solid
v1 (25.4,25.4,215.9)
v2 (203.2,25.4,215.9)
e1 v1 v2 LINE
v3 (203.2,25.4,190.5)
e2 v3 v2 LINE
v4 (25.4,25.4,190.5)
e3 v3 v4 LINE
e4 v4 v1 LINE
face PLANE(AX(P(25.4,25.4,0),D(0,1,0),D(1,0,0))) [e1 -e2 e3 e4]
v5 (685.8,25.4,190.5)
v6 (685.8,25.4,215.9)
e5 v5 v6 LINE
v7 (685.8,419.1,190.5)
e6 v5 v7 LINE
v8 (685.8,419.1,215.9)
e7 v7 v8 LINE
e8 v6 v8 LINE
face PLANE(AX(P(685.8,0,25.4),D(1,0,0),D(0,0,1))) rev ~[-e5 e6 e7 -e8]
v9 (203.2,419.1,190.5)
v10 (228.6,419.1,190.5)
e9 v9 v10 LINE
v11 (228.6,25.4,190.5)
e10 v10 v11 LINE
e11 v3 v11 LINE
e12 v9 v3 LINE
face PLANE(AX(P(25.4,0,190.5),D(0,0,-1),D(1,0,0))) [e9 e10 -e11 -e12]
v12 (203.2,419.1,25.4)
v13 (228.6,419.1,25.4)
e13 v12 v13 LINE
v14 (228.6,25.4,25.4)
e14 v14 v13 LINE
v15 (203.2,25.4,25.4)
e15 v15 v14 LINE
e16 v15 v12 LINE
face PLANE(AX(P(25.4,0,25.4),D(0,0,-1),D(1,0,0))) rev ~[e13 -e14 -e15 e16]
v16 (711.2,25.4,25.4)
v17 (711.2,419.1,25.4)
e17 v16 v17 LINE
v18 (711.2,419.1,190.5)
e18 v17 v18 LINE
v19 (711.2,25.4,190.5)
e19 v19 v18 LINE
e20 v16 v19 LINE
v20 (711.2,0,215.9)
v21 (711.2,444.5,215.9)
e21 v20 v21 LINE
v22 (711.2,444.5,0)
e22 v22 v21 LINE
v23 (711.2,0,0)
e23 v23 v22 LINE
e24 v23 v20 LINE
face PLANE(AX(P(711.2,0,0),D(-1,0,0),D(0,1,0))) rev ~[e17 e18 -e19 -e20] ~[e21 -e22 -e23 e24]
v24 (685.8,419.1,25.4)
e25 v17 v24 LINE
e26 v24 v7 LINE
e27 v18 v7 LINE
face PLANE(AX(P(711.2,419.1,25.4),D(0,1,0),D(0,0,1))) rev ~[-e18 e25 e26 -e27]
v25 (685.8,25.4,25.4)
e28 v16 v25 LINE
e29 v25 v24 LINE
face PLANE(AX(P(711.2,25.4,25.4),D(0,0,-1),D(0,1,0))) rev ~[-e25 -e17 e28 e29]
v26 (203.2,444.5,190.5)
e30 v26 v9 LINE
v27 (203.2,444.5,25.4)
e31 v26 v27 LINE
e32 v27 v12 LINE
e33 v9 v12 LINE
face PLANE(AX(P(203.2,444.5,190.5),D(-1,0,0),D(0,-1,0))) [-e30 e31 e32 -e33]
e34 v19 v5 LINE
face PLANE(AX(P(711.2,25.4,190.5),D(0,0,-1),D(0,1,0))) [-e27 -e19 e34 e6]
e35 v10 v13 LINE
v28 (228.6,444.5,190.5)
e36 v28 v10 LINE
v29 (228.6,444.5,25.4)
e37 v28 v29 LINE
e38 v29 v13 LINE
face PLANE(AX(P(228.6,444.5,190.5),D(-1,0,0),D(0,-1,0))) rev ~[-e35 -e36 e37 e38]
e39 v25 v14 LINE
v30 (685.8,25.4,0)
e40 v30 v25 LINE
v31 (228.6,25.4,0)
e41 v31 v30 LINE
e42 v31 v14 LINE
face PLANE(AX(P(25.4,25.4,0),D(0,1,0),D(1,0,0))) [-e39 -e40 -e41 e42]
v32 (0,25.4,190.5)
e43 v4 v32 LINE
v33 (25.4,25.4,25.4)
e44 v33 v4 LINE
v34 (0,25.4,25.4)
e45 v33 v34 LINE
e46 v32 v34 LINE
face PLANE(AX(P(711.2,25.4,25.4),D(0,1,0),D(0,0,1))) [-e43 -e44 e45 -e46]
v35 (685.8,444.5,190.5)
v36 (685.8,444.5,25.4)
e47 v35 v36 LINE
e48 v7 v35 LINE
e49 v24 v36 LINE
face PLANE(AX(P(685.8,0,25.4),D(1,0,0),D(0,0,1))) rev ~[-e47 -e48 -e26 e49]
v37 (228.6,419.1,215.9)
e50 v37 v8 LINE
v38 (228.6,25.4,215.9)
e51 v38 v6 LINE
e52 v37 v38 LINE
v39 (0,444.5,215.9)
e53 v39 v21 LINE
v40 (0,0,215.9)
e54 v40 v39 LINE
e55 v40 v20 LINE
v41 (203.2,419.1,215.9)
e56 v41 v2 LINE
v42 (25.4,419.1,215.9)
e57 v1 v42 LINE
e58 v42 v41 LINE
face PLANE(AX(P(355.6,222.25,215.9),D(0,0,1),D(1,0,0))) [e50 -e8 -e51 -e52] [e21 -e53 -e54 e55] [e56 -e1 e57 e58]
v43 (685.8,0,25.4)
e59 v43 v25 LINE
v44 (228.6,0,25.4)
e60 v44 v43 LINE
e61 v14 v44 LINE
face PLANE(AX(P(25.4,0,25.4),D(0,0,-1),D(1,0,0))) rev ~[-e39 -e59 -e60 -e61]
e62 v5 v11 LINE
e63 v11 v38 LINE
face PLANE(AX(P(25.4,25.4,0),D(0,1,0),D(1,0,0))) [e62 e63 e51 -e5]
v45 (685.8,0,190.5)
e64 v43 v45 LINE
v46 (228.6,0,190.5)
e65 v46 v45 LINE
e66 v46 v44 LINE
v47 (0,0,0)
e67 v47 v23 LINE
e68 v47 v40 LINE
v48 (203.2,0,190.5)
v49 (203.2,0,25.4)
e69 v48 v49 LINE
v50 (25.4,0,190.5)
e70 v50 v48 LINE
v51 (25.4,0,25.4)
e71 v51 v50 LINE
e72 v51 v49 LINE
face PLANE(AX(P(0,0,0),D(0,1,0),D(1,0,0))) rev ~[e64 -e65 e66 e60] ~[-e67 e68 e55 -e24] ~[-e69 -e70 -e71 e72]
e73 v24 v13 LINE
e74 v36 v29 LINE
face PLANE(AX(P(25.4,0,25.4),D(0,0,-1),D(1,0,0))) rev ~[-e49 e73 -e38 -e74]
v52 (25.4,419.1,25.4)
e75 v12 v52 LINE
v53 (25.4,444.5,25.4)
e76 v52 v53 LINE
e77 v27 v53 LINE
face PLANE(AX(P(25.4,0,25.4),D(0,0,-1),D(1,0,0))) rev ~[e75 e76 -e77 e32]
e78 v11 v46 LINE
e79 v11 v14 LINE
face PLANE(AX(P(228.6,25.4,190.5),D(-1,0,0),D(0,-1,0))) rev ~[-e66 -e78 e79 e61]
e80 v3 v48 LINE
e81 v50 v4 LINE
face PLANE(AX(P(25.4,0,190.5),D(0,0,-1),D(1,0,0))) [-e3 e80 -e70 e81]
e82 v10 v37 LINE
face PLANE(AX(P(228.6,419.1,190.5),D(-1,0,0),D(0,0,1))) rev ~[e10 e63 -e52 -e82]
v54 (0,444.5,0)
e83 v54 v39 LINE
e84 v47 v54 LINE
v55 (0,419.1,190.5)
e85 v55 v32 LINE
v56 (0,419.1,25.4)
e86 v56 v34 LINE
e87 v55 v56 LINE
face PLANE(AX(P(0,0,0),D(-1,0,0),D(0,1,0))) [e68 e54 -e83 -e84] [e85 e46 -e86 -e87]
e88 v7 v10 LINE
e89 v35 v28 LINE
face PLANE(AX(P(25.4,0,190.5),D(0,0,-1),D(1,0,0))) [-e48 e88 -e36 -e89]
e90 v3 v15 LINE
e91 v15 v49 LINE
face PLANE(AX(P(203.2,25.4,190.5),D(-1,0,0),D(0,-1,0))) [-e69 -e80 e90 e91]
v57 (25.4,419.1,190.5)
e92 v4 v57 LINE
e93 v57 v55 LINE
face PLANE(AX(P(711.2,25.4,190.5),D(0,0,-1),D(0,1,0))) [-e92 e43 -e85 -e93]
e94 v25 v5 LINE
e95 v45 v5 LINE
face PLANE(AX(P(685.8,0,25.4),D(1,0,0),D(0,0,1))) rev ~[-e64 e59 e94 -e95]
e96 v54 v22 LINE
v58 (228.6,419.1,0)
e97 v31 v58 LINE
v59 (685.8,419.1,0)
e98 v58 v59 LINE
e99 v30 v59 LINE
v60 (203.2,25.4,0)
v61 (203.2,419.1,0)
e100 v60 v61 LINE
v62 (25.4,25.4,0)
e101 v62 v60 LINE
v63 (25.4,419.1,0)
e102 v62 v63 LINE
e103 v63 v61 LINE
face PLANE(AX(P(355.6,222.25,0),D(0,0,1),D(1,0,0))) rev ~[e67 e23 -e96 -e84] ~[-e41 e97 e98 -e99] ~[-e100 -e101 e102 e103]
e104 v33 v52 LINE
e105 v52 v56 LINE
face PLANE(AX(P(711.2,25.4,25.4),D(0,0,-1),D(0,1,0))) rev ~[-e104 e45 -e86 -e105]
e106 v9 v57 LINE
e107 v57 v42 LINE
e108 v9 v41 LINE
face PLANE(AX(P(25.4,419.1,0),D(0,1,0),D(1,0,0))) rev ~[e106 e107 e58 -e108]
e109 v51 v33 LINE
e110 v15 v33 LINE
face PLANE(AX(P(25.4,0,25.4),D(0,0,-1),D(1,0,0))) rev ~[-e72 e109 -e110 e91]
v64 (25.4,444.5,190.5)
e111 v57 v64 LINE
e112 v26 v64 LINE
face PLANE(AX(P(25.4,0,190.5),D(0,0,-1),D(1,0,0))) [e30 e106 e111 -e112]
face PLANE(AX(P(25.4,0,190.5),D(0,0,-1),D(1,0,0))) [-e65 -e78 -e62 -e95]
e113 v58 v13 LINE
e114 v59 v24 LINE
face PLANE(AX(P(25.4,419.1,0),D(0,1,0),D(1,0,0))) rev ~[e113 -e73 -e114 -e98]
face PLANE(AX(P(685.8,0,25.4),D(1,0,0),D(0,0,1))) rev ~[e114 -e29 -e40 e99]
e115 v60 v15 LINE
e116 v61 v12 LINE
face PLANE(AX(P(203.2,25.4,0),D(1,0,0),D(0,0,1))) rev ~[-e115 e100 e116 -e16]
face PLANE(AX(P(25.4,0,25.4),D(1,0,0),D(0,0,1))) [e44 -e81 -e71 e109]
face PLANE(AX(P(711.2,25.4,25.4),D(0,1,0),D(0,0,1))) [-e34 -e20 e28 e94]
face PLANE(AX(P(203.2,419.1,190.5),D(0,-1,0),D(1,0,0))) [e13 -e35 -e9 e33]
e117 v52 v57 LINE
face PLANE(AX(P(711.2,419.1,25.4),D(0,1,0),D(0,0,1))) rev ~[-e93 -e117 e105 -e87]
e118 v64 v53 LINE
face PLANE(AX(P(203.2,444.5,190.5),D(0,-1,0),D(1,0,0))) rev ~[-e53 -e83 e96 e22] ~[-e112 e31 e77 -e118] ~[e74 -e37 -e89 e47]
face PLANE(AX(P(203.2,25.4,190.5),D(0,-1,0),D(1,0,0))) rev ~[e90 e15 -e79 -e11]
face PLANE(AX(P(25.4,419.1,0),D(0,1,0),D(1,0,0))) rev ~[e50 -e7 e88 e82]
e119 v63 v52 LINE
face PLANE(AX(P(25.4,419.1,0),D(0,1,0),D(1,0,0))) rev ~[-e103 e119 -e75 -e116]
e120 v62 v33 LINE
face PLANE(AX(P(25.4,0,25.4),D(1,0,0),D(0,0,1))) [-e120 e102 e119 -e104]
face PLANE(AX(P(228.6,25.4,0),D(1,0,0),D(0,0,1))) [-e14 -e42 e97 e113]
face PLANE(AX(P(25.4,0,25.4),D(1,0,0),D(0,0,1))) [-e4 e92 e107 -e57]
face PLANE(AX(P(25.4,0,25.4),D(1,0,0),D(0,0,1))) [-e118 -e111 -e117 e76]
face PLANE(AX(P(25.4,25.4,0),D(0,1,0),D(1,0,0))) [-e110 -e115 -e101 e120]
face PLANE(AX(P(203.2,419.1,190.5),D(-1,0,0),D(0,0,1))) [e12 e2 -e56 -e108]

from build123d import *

# Parameters (mm, degrees)
F0_W      = 711.2
F0_H      = 444.5
F0_W_2    = 660.4
F0_H_2    = 393.7
F1_DEPTH  = 215.9
F2_W      = 660.4
F2_H      = 165.1
F3_DEPTH  = 444.501
F4_W      = 393.7
F4_H      = 165.1
F5_DEPTH  = 711.201
F6_W      = 25.4
F6_H      = 25.4
F7_DEPTH  = 393.7
F8_W      = 25.4
F8_H      = 25.4
F9_DEPTH  = 393.7
F10_W     = 25.4
F10_H     = 25.4
F11_DEPTH = 165.1


with BuildPart() as f1:
    # F0 (on Top) → F1 (new body)
    with BuildSketch(Plane.XY):
        with Locations((355.6, 222.25)):
            Rectangle(F0_W, F0_H)
        with Locations((355.6, 222.25)):
            Rectangle(F0_W_2, F0_H_2, mode=Mode.SUBTRACT)
    extrude(amount=F1_DEPTH)

    # F2 (on face) → F3 (cut, through all)
    with BuildSketch(Plane.XZ):
        with Locations((355.6, 107.95)):
            Rectangle(F2_W, F2_H)
    extrude(amount=-F3_DEPTH, mode=Mode.SUBTRACT)

    # F4 (on face) → F5 (cut, through all)
    with BuildSketch(Plane.YZ.offset(711.2)):
        with Locations((222.25, 107.95)):
            Rectangle(F4_W, F4_H)
    extrude(amount=-F5_DEPTH, mode=Mode.SUBTRACT)

    # F6 (on face) → F7 (join, through all)
    with BuildSketch(Plane.XZ.offset(-419.1)):
        with Locations((215.9, 203.2)):
            Rectangle(F6_W, F6_H)
    extrude(amount=F7_DEPTH)

    # F8 (on face) → F9 (join, through all)
    with BuildSketch(Plane(origin=(0, 25.4, 0), x_dir=(-1, 0, 0), z_dir=(0, 1, 0))):
        with Locations((-215.9, 12.7)):
            Rectangle(F8_W, F8_H)
    extrude(amount=F9_DEPTH)

    # F10 (on face) → F11 (join, through all)
    with BuildSketch(Plane(origin=(0, 0, 190.5), x_dir=(1, 0, 0), z_dir=(0, 0, -1))):
        with Locations((215.9, -431.8)):
            Rectangle(F10_W, F10_H)
        with Locations((215.9, -12.7)):
            Rectangle(F10_W, F10_H)
    extrude(amount=F11_DEPTH)


solid = f1.part
